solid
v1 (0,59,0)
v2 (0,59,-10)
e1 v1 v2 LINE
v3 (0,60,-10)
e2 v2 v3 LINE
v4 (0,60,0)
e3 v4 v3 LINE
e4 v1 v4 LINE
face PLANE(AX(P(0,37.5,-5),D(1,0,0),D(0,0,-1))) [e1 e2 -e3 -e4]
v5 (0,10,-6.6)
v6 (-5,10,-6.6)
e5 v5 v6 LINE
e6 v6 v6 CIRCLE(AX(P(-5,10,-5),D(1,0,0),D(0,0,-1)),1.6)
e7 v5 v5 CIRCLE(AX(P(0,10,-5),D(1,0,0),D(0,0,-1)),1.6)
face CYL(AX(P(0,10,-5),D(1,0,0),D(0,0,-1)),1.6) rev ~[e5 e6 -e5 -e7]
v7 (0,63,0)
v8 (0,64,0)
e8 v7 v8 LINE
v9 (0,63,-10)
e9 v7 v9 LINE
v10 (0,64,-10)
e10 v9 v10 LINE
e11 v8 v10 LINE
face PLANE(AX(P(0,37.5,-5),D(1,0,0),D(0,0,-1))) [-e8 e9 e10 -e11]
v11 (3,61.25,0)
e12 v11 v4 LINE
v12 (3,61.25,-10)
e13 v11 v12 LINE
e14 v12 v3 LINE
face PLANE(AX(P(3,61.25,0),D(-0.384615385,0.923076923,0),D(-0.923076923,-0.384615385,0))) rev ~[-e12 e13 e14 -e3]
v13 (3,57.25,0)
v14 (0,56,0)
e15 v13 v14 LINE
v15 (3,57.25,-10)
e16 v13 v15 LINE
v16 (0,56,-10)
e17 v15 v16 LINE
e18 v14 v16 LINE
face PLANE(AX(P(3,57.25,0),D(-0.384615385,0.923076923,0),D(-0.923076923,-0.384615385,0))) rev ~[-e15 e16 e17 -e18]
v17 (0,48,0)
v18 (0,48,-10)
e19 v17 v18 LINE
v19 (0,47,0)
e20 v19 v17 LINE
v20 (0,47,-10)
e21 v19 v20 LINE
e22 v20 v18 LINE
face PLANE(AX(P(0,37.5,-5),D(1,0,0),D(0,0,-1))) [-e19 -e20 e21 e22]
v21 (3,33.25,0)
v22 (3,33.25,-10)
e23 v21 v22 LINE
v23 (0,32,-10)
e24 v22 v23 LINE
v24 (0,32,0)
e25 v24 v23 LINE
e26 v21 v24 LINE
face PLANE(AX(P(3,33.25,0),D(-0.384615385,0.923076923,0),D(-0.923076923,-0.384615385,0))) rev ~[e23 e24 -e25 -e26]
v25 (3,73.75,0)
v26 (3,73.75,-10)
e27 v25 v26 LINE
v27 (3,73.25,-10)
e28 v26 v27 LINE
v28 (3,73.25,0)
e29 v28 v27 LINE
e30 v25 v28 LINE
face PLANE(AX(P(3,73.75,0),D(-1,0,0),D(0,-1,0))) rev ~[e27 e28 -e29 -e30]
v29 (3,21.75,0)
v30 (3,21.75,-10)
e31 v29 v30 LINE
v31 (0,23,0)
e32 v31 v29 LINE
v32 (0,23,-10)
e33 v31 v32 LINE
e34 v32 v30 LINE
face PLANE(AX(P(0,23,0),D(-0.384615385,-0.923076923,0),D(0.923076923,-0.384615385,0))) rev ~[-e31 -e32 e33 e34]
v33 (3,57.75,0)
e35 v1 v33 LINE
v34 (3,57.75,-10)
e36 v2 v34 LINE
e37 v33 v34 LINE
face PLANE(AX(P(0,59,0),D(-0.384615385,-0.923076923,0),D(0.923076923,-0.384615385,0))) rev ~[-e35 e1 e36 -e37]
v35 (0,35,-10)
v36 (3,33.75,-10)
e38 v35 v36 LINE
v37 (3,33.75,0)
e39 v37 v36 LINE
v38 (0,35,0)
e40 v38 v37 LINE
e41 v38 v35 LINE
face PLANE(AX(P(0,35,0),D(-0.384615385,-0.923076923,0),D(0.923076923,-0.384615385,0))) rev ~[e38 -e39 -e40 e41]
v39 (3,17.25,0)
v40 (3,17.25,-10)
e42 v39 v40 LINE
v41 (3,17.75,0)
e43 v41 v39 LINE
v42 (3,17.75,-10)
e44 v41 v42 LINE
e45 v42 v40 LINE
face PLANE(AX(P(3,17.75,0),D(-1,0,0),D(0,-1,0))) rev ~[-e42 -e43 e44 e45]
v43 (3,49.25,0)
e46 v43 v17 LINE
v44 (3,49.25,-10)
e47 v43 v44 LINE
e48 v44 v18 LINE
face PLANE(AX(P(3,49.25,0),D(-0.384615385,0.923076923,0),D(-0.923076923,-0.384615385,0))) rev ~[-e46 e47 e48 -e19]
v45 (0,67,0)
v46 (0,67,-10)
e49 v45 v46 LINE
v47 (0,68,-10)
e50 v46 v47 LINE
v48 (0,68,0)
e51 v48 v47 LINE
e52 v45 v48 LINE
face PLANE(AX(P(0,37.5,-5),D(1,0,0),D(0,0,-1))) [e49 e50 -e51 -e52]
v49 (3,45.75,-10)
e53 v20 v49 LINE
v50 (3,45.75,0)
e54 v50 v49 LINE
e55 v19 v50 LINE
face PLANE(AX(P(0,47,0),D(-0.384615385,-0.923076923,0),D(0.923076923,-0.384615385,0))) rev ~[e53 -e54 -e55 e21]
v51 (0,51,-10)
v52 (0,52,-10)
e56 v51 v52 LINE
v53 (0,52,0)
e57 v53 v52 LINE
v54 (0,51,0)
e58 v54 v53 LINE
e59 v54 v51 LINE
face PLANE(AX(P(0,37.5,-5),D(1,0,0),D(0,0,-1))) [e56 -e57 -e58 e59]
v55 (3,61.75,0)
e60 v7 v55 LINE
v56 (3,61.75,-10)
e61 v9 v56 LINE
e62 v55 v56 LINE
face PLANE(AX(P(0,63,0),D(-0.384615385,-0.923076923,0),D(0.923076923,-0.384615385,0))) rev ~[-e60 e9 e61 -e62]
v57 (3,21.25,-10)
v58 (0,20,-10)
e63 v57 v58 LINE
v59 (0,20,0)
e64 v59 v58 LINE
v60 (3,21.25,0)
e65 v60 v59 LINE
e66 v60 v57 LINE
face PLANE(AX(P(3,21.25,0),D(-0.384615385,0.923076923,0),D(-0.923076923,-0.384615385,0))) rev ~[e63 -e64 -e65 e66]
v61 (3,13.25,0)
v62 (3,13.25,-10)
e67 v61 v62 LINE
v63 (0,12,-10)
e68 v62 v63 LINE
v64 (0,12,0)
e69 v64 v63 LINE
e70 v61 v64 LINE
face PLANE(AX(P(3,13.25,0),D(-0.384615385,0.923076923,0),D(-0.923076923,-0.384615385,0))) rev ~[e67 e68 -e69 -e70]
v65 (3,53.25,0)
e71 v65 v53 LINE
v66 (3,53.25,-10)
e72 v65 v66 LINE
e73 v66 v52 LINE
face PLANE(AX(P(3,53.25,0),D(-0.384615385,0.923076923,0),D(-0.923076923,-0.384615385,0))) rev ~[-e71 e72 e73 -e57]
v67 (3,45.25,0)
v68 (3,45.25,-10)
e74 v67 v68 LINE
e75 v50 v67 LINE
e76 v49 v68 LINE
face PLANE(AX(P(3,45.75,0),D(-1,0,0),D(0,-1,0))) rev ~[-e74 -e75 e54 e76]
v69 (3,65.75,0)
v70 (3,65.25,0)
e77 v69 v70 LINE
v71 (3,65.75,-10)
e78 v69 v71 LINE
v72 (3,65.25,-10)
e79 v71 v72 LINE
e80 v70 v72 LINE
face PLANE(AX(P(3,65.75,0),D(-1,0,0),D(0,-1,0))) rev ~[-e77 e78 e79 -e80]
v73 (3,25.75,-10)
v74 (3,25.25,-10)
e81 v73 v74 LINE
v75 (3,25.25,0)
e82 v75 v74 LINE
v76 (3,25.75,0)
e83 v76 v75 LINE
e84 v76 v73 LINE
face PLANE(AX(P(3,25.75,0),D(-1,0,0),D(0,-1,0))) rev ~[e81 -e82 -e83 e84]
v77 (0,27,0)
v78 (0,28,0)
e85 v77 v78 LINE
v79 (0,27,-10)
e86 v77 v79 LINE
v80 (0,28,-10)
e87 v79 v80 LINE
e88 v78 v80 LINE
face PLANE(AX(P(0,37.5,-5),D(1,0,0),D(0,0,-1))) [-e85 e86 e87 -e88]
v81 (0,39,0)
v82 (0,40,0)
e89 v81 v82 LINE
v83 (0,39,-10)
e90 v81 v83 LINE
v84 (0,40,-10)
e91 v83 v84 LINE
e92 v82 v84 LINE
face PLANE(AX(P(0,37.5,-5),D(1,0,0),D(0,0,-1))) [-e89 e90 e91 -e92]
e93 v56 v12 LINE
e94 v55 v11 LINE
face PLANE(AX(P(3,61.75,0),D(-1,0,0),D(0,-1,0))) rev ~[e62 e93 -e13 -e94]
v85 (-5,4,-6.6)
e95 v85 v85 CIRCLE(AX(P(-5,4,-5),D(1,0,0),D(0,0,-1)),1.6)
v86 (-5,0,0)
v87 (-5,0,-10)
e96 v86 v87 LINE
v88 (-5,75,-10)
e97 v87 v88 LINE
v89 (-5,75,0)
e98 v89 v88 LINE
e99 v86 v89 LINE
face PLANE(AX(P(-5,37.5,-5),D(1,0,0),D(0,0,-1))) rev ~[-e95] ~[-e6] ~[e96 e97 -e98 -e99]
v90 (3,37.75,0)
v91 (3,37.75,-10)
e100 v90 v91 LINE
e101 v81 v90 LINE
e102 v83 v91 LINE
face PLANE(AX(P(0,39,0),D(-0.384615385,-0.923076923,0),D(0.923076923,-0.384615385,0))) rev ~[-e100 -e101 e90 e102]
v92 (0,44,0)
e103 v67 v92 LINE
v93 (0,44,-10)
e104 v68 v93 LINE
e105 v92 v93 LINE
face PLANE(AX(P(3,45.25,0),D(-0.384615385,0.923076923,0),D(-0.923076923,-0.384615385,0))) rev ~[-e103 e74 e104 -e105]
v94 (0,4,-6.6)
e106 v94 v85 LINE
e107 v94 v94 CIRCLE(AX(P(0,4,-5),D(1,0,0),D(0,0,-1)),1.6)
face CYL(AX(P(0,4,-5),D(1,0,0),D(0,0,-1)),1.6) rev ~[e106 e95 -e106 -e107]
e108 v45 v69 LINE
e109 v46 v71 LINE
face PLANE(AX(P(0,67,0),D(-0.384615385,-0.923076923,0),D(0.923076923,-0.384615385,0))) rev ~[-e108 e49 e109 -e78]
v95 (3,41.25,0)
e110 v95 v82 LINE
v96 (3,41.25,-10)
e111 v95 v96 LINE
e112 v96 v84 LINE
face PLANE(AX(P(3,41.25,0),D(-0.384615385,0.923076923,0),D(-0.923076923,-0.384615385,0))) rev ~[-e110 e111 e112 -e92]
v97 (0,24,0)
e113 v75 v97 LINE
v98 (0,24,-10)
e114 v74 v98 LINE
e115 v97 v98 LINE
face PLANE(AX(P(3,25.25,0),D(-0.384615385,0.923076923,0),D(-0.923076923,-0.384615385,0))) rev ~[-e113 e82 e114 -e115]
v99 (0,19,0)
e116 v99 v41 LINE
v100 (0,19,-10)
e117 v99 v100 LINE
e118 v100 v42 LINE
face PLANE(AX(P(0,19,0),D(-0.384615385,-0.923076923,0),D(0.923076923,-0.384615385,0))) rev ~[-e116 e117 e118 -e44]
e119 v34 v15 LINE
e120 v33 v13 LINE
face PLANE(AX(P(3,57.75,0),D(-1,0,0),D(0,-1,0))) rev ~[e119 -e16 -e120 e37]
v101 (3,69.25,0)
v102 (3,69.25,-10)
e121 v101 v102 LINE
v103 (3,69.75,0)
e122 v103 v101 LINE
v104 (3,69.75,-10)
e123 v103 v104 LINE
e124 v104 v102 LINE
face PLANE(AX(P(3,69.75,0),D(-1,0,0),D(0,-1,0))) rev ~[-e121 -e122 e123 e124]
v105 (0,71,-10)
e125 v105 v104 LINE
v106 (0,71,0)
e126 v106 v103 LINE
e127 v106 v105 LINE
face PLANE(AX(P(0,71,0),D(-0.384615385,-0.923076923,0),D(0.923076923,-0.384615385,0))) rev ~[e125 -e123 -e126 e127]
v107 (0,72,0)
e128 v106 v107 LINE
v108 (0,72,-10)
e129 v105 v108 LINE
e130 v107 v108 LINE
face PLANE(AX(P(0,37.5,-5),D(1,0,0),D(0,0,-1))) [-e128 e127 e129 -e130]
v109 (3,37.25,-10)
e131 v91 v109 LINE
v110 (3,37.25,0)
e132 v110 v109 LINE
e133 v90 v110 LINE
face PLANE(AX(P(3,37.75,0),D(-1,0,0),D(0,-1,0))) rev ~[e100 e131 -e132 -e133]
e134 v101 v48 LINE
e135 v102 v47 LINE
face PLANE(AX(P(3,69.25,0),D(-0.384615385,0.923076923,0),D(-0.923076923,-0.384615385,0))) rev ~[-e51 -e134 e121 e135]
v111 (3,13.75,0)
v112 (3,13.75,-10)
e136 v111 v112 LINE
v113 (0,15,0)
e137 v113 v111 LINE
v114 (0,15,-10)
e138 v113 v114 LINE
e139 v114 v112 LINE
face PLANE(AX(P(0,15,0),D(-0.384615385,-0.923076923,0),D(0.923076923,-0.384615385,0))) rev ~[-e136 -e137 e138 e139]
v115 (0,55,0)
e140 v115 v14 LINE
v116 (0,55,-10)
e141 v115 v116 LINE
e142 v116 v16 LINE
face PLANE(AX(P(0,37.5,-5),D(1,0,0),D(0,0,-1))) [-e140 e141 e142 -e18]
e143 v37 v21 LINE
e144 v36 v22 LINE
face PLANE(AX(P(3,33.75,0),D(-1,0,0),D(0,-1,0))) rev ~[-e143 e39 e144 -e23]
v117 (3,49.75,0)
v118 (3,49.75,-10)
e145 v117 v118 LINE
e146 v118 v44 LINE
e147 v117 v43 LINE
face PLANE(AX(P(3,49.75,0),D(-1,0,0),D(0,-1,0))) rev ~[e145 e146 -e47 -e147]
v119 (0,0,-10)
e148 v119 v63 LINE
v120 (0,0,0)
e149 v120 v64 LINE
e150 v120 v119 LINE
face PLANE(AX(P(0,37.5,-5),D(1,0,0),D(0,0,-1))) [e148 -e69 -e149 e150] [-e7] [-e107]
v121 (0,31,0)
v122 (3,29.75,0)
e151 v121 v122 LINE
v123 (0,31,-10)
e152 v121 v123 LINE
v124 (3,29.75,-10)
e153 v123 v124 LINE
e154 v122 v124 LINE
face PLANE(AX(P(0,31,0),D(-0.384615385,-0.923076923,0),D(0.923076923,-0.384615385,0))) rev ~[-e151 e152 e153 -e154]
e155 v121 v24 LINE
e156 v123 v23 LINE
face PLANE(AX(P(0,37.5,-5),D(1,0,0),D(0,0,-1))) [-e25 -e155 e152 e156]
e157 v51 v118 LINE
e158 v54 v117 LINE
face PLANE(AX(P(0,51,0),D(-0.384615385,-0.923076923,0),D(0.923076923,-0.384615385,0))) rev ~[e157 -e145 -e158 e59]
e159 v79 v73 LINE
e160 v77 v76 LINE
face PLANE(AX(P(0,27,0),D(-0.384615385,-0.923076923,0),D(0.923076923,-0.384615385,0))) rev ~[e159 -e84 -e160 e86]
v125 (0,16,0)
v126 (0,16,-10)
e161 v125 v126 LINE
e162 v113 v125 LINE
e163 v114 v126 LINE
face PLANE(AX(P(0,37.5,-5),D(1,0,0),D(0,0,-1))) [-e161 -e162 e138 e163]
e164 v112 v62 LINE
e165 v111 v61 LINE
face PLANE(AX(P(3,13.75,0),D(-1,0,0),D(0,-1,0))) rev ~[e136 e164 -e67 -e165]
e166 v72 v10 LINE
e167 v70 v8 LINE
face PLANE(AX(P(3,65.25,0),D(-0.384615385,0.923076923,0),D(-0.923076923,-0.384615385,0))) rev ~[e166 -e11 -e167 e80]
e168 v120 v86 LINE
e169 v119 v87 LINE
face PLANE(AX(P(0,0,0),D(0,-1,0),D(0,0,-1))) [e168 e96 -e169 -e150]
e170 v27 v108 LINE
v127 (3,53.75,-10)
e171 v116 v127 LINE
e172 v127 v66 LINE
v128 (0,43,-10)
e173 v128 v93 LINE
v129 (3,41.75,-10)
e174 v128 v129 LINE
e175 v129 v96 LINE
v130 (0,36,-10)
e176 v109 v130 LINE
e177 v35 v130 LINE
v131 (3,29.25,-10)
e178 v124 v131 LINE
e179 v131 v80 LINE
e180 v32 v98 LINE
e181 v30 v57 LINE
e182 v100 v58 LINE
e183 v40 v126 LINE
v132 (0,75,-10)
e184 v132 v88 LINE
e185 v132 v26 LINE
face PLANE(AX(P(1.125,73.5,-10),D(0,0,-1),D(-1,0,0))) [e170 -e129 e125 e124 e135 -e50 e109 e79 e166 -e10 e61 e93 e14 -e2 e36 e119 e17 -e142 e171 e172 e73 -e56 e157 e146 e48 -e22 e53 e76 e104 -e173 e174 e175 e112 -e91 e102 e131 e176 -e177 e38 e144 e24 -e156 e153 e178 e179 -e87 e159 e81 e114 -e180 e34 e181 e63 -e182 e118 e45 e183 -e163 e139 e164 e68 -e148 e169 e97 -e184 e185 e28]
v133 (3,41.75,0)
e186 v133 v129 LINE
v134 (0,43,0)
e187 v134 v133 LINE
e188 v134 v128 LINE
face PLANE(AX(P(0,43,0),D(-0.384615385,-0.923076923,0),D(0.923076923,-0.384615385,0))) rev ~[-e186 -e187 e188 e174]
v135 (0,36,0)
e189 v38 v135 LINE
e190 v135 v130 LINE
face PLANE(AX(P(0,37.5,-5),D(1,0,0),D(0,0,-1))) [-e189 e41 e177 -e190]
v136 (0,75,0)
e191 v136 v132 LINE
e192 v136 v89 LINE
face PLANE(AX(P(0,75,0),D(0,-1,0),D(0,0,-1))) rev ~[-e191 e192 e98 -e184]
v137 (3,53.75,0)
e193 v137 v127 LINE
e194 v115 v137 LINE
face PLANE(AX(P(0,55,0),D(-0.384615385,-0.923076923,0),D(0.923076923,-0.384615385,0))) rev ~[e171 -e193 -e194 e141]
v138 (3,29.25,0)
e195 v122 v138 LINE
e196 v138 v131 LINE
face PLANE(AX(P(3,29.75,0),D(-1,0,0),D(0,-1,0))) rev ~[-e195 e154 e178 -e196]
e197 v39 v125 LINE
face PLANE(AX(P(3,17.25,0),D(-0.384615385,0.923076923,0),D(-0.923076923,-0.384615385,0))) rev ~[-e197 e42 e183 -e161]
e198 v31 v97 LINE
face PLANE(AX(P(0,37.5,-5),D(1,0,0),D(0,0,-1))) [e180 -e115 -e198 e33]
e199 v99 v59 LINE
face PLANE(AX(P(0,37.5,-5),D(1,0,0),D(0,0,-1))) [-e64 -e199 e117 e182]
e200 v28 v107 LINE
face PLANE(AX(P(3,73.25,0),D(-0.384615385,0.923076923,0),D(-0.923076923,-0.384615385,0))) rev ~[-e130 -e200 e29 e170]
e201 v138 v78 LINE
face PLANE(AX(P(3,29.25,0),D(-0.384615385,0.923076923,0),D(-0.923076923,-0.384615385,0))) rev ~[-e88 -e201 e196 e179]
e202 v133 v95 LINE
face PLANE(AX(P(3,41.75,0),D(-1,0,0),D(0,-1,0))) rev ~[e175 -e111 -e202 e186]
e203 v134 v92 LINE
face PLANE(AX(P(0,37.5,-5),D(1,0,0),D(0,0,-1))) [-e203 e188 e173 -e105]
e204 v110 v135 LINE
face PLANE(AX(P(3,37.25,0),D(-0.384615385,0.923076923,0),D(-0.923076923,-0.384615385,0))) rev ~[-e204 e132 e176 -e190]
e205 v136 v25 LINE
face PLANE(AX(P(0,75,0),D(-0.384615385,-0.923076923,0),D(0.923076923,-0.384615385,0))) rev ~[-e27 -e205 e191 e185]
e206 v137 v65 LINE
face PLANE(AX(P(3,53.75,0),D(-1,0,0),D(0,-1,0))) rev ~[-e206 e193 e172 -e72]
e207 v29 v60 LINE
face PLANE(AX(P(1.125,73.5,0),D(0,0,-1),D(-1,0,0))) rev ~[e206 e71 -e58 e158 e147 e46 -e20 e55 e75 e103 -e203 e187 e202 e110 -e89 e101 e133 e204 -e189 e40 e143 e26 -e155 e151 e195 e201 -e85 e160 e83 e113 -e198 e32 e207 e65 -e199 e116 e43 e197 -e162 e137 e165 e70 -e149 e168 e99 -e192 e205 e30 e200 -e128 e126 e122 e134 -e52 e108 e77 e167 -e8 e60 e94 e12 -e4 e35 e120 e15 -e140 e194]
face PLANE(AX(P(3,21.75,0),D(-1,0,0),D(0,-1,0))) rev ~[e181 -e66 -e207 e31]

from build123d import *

# Parameters (mm, degrees)
ESQUISSE1_W                = 10
ESQUISSE1_H                = 75
BOSS_EXTRU_1_DEPTH         = 5
BOSS_EXTRU_2_DEPTH         = 10
R_P_TITION_LIN_AIRE1_COUNT = 16
R_P_TITION_LIN_AIRE1_PITCH = 4
ESQUISSE3_R                = 1.6
ENL_V_MAT_EXTRU_1_DEPTH    = 10


with BuildPart() as part:
    # Esquisse1 → Boss.-Extru.1 (new body)
    with BuildSketch(Plane(origin=(0, 0, 0), x_dir=(0, 0, -1), z_dir=(1, 0, 0))):
        with Locations((5, 37.5)):
            Rectangle(ESQUISSE1_W, ESQUISSE1_H)
    extrude(amount=-BOSS_EXTRU_1_DEPTH)

    # Esquisse2 → Boss.-Extru.2 (add)
    with BuildSketch(Plane.XY):
        Polygon((0, 75), (3, 73.75), (3, 73.25), (0, 72), align=None)
    boss_extru_2 = extrude(amount=-BOSS_EXTRU_2_DEPTH)

    # Répétition linéaire1: Boss.-Extru.2 ×16
    with Locations(*[(0, -i * R_P_TITION_LIN_AIRE1_PITCH, 0) for i in range(1, R_P_TITION_LIN_AIRE1_COUNT)]):
        add(boss_extru_2)

    # Esquisse3 → Enlèv. mat.-Extru.1 (cut)
    with BuildSketch(Plane(origin=(0, 0, 0), x_dir=(0, 0, -1), z_dir=(1, 0, 0))):
        with Locations((5, 10)):
            Circle(ESQUISSE3_R)
        with Locations((5, 4)):
            Circle(ESQUISSE3_R)
    extrude(amount=-ENL_V_MAT_EXTRU_1_DEPTH, mode=Mode.SUBTRACT)


solid = part.part
